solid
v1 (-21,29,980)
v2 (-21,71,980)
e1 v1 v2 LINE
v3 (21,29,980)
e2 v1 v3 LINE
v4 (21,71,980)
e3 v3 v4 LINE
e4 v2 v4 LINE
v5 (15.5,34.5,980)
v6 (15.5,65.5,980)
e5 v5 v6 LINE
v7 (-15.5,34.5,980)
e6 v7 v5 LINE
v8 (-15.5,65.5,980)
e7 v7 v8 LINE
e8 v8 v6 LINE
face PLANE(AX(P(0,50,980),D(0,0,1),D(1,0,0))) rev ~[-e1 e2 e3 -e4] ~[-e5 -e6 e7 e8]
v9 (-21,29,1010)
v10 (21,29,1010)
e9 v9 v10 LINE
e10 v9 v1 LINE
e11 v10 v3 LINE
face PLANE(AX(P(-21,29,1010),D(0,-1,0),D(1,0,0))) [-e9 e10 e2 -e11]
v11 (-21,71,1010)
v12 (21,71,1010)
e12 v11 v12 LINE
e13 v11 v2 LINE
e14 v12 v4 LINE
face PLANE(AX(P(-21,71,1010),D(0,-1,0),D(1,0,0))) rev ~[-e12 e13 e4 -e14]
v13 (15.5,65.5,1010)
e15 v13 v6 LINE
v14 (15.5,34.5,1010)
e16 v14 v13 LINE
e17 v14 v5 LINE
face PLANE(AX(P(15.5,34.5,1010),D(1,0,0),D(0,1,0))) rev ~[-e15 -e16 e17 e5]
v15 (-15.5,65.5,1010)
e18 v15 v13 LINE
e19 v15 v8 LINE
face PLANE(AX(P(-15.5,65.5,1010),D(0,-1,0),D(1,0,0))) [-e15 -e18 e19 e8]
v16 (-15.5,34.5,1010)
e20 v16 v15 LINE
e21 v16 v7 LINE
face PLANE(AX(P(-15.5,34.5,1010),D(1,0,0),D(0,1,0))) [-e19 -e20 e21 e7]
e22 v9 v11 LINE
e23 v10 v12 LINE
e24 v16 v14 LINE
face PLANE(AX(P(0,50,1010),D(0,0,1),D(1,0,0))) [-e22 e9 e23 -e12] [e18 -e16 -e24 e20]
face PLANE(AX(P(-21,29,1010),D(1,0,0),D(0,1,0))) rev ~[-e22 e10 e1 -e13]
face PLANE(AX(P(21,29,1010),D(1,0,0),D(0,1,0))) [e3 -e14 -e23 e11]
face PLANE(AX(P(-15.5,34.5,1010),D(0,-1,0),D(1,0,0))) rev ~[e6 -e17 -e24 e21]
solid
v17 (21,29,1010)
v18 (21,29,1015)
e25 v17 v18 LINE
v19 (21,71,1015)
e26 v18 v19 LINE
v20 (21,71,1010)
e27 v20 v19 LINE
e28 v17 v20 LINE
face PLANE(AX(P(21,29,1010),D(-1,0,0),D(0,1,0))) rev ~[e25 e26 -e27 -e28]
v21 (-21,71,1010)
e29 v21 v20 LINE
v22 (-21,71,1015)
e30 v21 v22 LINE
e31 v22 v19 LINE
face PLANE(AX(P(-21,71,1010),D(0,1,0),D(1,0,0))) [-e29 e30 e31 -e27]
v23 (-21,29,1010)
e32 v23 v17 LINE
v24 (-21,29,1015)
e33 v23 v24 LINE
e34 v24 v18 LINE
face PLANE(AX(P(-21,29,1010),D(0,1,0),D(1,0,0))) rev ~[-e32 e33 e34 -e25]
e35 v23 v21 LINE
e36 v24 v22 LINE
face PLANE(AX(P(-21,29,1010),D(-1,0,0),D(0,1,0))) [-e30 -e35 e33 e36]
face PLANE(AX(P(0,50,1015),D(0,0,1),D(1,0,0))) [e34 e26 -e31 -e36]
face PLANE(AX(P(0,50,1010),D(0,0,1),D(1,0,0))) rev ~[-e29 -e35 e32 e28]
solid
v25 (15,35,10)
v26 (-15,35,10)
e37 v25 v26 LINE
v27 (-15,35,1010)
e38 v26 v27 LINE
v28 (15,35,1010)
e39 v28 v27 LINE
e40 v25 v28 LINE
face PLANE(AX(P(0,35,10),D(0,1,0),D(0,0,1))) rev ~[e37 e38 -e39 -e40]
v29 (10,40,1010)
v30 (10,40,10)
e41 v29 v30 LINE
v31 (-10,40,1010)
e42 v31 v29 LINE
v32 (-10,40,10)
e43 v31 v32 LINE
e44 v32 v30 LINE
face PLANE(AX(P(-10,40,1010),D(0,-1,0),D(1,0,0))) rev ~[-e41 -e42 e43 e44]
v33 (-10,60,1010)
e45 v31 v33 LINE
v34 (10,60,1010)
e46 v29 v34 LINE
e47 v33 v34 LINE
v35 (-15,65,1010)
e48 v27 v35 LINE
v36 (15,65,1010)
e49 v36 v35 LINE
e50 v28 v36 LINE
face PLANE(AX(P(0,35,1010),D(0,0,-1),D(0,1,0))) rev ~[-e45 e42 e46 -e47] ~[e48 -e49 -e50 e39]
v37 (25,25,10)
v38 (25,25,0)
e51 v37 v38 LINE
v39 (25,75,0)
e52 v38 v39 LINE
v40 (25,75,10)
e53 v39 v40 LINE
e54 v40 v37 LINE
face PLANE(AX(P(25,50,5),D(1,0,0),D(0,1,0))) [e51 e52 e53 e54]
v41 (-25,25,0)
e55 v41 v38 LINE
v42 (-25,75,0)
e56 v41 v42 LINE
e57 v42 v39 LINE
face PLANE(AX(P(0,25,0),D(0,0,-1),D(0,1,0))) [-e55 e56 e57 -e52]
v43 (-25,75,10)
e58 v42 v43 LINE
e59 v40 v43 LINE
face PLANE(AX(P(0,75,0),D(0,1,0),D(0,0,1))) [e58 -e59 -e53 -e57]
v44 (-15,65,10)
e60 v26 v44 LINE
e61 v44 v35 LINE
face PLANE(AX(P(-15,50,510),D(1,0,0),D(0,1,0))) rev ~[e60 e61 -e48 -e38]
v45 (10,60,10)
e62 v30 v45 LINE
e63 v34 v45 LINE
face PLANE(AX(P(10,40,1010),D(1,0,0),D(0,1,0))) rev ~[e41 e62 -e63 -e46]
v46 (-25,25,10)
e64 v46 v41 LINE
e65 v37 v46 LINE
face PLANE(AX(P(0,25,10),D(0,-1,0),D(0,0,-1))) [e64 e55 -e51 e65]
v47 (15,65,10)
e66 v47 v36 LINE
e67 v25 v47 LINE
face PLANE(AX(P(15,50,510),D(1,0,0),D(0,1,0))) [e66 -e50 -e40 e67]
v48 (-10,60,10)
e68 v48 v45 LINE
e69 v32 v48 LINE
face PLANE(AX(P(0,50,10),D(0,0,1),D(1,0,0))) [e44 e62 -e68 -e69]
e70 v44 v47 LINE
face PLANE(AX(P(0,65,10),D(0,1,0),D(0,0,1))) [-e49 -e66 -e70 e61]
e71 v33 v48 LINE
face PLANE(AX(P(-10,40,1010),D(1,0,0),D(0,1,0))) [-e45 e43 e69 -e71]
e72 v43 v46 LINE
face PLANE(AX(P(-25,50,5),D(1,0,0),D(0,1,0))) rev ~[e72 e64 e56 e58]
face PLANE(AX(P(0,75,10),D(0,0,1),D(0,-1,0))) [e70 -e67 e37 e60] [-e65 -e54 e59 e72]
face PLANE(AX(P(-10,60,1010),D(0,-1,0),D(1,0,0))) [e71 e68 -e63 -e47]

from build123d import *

# Parameters (mm, degrees)
F0_W          = 30
F0_H          = 1000
F1_DEPTH      = 15
F1_DEPTH_BACK = 15
F2_DEPTH      = 25
F2_DEPTH_BACK = 25
F3_W          = 20
F3_H          = 20
F4_DEPTH      = 1000
F5_W          = 42
F5_H          = 42
F5_W_2        = 31
F5_H_2        = 31
F6_DEPTH      = 30
F7_W          = 42
F7_H          = 42
F8_DEPTH      = 5


with BuildPart() as f1:
    # F0 (on Right) → F1 (new body, two sides)
    with BuildSketch(Plane.YZ) as f1_sk:
        with Locations((50, 510)):
            Rectangle(F0_W, F0_H)
    extrude(amount=F1_DEPTH)
    extrude(f1_sk.sketch, amount=-F1_DEPTH_BACK)

    # F0 (on Right) → F2 (join, two sides)
    with BuildSketch(Plane.YZ) as f2_sk:
        Polygon((65, 10), (35, 10), (25, 10), (25, 0), (75, 0), (75, 10), align=None)
    extrude(amount=F2_DEPTH)
    extrude(f2_sk.sketch, amount=-F2_DEPTH_BACK)

    # F3 (on face) → F4 (cut)
    with BuildSketch(Plane.XY.offset(1010)):
        with Locations((0, 50)):
            Rectangle(F3_W, F3_H)
    extrude(amount=-F4_DEPTH, mode=Mode.SUBTRACT)


with BuildPart() as f6:
    # F5 (on face) → F6 (new body)
    with BuildSketch(Plane.XY.offset(1010)):
        with Locations((0, 50)):
            Rectangle(F5_W, F5_H)
        with Locations((0, 50)):
            Rectangle(F5_W_2, F5_H_2, mode=Mode.SUBTRACT)
    extrude(amount=-F6_DEPTH)


with BuildPart() as f8:
    # F7 (on face) → F8 (new body)
    with BuildSketch(Plane.XY.offset(1010)):
        with Locations((0, 50)):
            Rectangle(F7_W, F7_H)
    extrude(amount=F8_DEPTH)


solid = Compound([f1.part, f6.part, f8.part])
